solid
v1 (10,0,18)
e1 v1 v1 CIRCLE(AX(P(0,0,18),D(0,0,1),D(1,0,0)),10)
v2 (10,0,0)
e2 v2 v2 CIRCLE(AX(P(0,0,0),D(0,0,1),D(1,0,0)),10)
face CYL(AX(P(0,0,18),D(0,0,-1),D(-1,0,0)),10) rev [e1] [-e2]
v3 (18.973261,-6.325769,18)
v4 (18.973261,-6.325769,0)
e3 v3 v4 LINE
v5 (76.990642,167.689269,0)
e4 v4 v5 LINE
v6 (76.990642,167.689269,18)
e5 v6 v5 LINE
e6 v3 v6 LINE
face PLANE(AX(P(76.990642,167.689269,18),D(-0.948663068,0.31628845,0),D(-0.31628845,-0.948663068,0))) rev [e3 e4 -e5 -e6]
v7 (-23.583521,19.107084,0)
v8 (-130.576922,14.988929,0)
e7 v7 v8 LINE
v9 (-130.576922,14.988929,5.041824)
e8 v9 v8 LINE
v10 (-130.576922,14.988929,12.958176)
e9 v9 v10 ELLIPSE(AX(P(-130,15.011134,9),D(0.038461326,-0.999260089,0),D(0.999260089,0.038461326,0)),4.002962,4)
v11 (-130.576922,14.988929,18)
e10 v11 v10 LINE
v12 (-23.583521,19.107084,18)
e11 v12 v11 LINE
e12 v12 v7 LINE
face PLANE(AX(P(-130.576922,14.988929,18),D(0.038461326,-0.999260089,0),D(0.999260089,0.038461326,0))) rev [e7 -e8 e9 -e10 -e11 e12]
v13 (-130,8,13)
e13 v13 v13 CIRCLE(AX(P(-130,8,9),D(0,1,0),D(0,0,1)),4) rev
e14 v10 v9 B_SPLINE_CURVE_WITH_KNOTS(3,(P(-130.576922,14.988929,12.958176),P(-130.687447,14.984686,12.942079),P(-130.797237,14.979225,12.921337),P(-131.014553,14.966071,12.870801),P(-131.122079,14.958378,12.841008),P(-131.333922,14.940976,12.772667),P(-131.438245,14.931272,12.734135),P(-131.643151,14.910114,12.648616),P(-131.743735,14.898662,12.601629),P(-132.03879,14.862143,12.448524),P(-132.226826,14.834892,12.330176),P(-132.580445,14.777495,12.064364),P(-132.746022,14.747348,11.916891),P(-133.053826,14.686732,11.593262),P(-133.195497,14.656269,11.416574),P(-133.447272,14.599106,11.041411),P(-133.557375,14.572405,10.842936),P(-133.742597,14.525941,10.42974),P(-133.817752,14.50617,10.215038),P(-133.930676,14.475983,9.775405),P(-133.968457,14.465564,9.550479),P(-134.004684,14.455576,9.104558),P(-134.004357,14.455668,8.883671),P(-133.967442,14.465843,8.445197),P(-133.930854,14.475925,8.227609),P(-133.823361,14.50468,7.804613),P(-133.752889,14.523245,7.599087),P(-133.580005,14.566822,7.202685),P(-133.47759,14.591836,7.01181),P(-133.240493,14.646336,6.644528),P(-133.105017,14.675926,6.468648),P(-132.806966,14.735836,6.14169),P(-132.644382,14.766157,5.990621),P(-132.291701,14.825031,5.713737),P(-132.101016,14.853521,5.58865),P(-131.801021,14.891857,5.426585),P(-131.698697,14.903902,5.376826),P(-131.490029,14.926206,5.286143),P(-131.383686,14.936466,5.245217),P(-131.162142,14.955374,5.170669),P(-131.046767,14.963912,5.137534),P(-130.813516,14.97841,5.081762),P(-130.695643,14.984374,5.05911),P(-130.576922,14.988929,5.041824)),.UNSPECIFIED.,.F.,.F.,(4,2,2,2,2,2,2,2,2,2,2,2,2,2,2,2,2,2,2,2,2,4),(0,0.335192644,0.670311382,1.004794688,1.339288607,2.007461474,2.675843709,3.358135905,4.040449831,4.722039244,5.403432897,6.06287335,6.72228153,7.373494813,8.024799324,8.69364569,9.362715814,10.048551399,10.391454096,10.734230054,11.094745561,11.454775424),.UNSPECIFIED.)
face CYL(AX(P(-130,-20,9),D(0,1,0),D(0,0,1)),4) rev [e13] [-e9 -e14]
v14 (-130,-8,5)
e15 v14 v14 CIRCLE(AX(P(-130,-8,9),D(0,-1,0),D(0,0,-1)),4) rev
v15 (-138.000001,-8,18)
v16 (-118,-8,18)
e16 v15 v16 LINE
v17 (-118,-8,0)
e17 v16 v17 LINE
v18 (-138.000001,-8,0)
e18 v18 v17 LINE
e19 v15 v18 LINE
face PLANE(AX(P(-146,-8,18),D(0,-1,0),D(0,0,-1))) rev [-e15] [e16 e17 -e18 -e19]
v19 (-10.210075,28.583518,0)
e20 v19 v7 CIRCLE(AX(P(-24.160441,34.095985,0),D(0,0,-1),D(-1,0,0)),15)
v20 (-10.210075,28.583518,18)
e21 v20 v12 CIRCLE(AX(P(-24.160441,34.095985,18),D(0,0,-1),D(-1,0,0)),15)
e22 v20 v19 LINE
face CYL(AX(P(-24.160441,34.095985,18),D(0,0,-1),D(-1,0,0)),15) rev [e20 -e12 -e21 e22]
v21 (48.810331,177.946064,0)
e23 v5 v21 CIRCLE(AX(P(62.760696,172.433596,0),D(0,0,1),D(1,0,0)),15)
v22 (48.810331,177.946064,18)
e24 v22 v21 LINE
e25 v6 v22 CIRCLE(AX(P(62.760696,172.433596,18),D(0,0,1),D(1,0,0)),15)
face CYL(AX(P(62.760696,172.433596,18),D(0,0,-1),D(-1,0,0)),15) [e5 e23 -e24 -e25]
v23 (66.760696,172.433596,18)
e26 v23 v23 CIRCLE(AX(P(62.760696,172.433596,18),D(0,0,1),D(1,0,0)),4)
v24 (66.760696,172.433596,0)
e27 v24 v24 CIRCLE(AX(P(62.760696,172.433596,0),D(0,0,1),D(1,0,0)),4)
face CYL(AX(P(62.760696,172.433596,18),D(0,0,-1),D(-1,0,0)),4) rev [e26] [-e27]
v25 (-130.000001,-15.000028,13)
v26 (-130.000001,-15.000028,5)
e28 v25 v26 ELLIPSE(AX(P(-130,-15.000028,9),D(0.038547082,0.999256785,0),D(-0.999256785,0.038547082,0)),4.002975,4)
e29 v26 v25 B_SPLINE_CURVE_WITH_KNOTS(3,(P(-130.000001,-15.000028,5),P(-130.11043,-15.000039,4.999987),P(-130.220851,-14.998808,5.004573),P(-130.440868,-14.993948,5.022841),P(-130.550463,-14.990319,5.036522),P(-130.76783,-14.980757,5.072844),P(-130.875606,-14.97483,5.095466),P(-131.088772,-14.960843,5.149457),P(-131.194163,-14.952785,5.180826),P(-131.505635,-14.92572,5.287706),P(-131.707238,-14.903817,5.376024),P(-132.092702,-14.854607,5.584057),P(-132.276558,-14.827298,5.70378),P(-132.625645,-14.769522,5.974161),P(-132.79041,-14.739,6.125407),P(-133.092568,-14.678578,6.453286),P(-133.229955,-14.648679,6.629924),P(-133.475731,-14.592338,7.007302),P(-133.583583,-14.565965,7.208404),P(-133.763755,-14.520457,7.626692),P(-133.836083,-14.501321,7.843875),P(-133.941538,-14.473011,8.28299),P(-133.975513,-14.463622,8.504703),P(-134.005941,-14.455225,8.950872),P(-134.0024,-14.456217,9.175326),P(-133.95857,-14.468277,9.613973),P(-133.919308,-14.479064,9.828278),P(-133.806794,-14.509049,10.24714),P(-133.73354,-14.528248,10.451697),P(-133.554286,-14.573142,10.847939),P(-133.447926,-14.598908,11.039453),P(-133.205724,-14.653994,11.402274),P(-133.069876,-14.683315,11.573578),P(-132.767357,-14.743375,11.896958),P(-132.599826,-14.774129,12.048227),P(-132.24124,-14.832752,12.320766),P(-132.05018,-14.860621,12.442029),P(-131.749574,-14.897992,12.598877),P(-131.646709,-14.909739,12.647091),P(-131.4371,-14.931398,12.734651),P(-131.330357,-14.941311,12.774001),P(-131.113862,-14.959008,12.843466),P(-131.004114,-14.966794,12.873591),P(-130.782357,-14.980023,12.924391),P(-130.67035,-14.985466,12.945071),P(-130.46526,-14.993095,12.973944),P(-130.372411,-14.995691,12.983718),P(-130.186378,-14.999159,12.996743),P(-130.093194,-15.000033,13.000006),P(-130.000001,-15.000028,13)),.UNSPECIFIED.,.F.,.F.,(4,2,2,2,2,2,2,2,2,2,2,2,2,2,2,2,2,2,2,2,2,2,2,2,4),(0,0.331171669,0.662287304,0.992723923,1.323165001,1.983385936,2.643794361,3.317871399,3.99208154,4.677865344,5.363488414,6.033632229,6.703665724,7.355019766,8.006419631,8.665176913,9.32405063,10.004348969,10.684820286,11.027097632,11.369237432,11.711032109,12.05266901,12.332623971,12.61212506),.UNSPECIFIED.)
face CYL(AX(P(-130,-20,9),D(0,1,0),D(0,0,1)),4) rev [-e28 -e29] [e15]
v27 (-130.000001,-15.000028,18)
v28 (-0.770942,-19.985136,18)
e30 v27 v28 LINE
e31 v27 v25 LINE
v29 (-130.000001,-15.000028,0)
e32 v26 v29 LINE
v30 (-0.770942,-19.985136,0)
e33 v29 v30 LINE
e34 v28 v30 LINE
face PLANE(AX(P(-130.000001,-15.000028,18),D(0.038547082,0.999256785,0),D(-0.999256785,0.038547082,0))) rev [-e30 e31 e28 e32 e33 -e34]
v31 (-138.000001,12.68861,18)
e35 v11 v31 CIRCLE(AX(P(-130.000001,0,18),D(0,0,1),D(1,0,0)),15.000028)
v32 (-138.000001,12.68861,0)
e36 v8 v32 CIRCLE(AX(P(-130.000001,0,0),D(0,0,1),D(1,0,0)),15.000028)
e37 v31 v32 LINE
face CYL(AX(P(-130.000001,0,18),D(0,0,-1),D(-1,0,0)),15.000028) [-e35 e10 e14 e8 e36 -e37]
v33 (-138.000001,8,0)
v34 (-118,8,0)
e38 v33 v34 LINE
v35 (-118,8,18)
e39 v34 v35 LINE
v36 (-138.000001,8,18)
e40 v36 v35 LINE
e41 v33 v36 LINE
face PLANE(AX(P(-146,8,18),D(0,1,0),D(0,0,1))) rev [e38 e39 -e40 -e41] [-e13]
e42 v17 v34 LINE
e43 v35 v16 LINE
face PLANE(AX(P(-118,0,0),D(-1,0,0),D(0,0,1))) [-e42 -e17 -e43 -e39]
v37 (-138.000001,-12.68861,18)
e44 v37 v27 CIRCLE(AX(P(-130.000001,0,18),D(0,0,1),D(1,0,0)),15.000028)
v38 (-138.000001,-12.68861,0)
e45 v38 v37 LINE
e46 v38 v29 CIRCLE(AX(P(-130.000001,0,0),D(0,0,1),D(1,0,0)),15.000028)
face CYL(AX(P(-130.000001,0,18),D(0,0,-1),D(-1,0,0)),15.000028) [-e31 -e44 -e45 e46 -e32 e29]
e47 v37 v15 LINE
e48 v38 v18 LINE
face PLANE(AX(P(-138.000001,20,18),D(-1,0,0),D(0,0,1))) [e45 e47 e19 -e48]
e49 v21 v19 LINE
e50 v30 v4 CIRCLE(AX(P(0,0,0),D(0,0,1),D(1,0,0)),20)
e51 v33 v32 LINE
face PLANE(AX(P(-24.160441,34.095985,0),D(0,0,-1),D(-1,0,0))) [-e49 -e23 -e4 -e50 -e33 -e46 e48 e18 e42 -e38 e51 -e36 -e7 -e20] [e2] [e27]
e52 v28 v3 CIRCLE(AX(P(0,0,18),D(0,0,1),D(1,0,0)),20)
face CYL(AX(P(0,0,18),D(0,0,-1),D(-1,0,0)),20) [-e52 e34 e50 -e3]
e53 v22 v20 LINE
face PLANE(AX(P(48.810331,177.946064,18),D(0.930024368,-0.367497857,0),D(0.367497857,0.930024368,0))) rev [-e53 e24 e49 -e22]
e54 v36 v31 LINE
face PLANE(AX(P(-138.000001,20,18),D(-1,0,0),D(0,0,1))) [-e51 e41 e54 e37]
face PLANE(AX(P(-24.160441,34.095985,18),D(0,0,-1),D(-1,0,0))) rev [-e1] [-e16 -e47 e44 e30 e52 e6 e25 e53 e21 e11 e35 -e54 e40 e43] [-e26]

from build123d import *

# Parameters (mm, degrees)
EXTRUDE_1_DEPTH     = 18
SKETCH_3_R          = 10
SKETCH_3_R_2        = 4
CUT_EXTRUDE_1_DEPTH = 18
SKETCH_4_R          = 4
CUT_EXTRUDE_2_DEPTH = 20
CUT_EXTRUDE_START   = 12
SKETCH_5_W          = 18
SKETCH_5_H          = 16
CUT_EXTRUDE_3_DEPTH = 28
CUT_EXTRUDE_5_DEPTH = 18


with BuildPart() as part:
    # 草图1 → 凸台-拉伸1 (new body)
    with BuildSketch(Plane.XY):
        with BuildLine():
            Line((76.990642, 167.689269), (18.973261, -6.325769))
            ThreePointArc((18.973261, -6.325769), (11.378738, -16.447623), (-0.770942, -19.985136))
            Line((-0.770942, -19.985136), (-130.000001, -15.000028))
            ThreePointArc((-130.000001, -15.000028), (-144.997254, -0.288514), (-130.576922, 14.988929))
            Line((-130.576922, 14.988929), (-23.583521, 19.107084))
            ThreePointArc((-23.583521, 19.107084), (-15.488001, 21.857162), (-10.210075, 28.583518))
            Line((-10.210075, 28.583518), (48.810331, 177.946064))
            ThreePointArc((48.810331, 177.946064), (67.890998, 186.528985), (76.990642, 167.689269))
        make_face()
    extrude(amount=EXTRUDE_1_DEPTH)

    # 草图3 → 切除-拉伸1 (cut)
    with BuildSketch(Plane.XY):
        Circle(SKETCH_3_R)
        with Locations((62.760696, 172.433596)):
            Circle(SKETCH_3_R_2)
    extrude(amount=CUT_EXTRUDE_1_DEPTH, mode=Mode.SUBTRACT)

    # 草图4 → 切除-拉伸2 (cut, symmetric)
    with BuildSketch(Plane(origin=(0, 0, 0), x_dir=(1, 0, 0), z_dir=(0, 1, 0))):
        with Locations(Location((-130, -9, 0), (0, 0, 269.999985))):
            Circle(SKETCH_4_R)
    extrude(amount=CUT_EXTRUDE_2_DEPTH, both=True, mode=Mode.SUBTRACT)

    # 草图5 → 切除-拉伸3 (cut)
    with BuildSketch(Plane(origin=(-130, 0, 0), x_dir=(0, 0, -1), z_dir=(1, 0, 0)).offset(CUT_EXTRUDE_START)):
        with Locations((-9, 0)):
            Rectangle(SKETCH_5_W, SKETCH_5_H)
    extrude(amount=-CUT_EXTRUDE_3_DEPTH, mode=Mode.SUBTRACT)

    # 草图8 → 切除-拉伸5 (cut)
    with BuildSketch(Plane.XY):
        Polygon((-145.000001, 0), (-145.000001, 20), (-138.000001, 20), (-138.000001, -20), (-145.000001, -20), align=None)
    extrude(amount=CUT_EXTRUDE_5_DEPTH, mode=Mode.SUBTRACT)


solid = part.part
